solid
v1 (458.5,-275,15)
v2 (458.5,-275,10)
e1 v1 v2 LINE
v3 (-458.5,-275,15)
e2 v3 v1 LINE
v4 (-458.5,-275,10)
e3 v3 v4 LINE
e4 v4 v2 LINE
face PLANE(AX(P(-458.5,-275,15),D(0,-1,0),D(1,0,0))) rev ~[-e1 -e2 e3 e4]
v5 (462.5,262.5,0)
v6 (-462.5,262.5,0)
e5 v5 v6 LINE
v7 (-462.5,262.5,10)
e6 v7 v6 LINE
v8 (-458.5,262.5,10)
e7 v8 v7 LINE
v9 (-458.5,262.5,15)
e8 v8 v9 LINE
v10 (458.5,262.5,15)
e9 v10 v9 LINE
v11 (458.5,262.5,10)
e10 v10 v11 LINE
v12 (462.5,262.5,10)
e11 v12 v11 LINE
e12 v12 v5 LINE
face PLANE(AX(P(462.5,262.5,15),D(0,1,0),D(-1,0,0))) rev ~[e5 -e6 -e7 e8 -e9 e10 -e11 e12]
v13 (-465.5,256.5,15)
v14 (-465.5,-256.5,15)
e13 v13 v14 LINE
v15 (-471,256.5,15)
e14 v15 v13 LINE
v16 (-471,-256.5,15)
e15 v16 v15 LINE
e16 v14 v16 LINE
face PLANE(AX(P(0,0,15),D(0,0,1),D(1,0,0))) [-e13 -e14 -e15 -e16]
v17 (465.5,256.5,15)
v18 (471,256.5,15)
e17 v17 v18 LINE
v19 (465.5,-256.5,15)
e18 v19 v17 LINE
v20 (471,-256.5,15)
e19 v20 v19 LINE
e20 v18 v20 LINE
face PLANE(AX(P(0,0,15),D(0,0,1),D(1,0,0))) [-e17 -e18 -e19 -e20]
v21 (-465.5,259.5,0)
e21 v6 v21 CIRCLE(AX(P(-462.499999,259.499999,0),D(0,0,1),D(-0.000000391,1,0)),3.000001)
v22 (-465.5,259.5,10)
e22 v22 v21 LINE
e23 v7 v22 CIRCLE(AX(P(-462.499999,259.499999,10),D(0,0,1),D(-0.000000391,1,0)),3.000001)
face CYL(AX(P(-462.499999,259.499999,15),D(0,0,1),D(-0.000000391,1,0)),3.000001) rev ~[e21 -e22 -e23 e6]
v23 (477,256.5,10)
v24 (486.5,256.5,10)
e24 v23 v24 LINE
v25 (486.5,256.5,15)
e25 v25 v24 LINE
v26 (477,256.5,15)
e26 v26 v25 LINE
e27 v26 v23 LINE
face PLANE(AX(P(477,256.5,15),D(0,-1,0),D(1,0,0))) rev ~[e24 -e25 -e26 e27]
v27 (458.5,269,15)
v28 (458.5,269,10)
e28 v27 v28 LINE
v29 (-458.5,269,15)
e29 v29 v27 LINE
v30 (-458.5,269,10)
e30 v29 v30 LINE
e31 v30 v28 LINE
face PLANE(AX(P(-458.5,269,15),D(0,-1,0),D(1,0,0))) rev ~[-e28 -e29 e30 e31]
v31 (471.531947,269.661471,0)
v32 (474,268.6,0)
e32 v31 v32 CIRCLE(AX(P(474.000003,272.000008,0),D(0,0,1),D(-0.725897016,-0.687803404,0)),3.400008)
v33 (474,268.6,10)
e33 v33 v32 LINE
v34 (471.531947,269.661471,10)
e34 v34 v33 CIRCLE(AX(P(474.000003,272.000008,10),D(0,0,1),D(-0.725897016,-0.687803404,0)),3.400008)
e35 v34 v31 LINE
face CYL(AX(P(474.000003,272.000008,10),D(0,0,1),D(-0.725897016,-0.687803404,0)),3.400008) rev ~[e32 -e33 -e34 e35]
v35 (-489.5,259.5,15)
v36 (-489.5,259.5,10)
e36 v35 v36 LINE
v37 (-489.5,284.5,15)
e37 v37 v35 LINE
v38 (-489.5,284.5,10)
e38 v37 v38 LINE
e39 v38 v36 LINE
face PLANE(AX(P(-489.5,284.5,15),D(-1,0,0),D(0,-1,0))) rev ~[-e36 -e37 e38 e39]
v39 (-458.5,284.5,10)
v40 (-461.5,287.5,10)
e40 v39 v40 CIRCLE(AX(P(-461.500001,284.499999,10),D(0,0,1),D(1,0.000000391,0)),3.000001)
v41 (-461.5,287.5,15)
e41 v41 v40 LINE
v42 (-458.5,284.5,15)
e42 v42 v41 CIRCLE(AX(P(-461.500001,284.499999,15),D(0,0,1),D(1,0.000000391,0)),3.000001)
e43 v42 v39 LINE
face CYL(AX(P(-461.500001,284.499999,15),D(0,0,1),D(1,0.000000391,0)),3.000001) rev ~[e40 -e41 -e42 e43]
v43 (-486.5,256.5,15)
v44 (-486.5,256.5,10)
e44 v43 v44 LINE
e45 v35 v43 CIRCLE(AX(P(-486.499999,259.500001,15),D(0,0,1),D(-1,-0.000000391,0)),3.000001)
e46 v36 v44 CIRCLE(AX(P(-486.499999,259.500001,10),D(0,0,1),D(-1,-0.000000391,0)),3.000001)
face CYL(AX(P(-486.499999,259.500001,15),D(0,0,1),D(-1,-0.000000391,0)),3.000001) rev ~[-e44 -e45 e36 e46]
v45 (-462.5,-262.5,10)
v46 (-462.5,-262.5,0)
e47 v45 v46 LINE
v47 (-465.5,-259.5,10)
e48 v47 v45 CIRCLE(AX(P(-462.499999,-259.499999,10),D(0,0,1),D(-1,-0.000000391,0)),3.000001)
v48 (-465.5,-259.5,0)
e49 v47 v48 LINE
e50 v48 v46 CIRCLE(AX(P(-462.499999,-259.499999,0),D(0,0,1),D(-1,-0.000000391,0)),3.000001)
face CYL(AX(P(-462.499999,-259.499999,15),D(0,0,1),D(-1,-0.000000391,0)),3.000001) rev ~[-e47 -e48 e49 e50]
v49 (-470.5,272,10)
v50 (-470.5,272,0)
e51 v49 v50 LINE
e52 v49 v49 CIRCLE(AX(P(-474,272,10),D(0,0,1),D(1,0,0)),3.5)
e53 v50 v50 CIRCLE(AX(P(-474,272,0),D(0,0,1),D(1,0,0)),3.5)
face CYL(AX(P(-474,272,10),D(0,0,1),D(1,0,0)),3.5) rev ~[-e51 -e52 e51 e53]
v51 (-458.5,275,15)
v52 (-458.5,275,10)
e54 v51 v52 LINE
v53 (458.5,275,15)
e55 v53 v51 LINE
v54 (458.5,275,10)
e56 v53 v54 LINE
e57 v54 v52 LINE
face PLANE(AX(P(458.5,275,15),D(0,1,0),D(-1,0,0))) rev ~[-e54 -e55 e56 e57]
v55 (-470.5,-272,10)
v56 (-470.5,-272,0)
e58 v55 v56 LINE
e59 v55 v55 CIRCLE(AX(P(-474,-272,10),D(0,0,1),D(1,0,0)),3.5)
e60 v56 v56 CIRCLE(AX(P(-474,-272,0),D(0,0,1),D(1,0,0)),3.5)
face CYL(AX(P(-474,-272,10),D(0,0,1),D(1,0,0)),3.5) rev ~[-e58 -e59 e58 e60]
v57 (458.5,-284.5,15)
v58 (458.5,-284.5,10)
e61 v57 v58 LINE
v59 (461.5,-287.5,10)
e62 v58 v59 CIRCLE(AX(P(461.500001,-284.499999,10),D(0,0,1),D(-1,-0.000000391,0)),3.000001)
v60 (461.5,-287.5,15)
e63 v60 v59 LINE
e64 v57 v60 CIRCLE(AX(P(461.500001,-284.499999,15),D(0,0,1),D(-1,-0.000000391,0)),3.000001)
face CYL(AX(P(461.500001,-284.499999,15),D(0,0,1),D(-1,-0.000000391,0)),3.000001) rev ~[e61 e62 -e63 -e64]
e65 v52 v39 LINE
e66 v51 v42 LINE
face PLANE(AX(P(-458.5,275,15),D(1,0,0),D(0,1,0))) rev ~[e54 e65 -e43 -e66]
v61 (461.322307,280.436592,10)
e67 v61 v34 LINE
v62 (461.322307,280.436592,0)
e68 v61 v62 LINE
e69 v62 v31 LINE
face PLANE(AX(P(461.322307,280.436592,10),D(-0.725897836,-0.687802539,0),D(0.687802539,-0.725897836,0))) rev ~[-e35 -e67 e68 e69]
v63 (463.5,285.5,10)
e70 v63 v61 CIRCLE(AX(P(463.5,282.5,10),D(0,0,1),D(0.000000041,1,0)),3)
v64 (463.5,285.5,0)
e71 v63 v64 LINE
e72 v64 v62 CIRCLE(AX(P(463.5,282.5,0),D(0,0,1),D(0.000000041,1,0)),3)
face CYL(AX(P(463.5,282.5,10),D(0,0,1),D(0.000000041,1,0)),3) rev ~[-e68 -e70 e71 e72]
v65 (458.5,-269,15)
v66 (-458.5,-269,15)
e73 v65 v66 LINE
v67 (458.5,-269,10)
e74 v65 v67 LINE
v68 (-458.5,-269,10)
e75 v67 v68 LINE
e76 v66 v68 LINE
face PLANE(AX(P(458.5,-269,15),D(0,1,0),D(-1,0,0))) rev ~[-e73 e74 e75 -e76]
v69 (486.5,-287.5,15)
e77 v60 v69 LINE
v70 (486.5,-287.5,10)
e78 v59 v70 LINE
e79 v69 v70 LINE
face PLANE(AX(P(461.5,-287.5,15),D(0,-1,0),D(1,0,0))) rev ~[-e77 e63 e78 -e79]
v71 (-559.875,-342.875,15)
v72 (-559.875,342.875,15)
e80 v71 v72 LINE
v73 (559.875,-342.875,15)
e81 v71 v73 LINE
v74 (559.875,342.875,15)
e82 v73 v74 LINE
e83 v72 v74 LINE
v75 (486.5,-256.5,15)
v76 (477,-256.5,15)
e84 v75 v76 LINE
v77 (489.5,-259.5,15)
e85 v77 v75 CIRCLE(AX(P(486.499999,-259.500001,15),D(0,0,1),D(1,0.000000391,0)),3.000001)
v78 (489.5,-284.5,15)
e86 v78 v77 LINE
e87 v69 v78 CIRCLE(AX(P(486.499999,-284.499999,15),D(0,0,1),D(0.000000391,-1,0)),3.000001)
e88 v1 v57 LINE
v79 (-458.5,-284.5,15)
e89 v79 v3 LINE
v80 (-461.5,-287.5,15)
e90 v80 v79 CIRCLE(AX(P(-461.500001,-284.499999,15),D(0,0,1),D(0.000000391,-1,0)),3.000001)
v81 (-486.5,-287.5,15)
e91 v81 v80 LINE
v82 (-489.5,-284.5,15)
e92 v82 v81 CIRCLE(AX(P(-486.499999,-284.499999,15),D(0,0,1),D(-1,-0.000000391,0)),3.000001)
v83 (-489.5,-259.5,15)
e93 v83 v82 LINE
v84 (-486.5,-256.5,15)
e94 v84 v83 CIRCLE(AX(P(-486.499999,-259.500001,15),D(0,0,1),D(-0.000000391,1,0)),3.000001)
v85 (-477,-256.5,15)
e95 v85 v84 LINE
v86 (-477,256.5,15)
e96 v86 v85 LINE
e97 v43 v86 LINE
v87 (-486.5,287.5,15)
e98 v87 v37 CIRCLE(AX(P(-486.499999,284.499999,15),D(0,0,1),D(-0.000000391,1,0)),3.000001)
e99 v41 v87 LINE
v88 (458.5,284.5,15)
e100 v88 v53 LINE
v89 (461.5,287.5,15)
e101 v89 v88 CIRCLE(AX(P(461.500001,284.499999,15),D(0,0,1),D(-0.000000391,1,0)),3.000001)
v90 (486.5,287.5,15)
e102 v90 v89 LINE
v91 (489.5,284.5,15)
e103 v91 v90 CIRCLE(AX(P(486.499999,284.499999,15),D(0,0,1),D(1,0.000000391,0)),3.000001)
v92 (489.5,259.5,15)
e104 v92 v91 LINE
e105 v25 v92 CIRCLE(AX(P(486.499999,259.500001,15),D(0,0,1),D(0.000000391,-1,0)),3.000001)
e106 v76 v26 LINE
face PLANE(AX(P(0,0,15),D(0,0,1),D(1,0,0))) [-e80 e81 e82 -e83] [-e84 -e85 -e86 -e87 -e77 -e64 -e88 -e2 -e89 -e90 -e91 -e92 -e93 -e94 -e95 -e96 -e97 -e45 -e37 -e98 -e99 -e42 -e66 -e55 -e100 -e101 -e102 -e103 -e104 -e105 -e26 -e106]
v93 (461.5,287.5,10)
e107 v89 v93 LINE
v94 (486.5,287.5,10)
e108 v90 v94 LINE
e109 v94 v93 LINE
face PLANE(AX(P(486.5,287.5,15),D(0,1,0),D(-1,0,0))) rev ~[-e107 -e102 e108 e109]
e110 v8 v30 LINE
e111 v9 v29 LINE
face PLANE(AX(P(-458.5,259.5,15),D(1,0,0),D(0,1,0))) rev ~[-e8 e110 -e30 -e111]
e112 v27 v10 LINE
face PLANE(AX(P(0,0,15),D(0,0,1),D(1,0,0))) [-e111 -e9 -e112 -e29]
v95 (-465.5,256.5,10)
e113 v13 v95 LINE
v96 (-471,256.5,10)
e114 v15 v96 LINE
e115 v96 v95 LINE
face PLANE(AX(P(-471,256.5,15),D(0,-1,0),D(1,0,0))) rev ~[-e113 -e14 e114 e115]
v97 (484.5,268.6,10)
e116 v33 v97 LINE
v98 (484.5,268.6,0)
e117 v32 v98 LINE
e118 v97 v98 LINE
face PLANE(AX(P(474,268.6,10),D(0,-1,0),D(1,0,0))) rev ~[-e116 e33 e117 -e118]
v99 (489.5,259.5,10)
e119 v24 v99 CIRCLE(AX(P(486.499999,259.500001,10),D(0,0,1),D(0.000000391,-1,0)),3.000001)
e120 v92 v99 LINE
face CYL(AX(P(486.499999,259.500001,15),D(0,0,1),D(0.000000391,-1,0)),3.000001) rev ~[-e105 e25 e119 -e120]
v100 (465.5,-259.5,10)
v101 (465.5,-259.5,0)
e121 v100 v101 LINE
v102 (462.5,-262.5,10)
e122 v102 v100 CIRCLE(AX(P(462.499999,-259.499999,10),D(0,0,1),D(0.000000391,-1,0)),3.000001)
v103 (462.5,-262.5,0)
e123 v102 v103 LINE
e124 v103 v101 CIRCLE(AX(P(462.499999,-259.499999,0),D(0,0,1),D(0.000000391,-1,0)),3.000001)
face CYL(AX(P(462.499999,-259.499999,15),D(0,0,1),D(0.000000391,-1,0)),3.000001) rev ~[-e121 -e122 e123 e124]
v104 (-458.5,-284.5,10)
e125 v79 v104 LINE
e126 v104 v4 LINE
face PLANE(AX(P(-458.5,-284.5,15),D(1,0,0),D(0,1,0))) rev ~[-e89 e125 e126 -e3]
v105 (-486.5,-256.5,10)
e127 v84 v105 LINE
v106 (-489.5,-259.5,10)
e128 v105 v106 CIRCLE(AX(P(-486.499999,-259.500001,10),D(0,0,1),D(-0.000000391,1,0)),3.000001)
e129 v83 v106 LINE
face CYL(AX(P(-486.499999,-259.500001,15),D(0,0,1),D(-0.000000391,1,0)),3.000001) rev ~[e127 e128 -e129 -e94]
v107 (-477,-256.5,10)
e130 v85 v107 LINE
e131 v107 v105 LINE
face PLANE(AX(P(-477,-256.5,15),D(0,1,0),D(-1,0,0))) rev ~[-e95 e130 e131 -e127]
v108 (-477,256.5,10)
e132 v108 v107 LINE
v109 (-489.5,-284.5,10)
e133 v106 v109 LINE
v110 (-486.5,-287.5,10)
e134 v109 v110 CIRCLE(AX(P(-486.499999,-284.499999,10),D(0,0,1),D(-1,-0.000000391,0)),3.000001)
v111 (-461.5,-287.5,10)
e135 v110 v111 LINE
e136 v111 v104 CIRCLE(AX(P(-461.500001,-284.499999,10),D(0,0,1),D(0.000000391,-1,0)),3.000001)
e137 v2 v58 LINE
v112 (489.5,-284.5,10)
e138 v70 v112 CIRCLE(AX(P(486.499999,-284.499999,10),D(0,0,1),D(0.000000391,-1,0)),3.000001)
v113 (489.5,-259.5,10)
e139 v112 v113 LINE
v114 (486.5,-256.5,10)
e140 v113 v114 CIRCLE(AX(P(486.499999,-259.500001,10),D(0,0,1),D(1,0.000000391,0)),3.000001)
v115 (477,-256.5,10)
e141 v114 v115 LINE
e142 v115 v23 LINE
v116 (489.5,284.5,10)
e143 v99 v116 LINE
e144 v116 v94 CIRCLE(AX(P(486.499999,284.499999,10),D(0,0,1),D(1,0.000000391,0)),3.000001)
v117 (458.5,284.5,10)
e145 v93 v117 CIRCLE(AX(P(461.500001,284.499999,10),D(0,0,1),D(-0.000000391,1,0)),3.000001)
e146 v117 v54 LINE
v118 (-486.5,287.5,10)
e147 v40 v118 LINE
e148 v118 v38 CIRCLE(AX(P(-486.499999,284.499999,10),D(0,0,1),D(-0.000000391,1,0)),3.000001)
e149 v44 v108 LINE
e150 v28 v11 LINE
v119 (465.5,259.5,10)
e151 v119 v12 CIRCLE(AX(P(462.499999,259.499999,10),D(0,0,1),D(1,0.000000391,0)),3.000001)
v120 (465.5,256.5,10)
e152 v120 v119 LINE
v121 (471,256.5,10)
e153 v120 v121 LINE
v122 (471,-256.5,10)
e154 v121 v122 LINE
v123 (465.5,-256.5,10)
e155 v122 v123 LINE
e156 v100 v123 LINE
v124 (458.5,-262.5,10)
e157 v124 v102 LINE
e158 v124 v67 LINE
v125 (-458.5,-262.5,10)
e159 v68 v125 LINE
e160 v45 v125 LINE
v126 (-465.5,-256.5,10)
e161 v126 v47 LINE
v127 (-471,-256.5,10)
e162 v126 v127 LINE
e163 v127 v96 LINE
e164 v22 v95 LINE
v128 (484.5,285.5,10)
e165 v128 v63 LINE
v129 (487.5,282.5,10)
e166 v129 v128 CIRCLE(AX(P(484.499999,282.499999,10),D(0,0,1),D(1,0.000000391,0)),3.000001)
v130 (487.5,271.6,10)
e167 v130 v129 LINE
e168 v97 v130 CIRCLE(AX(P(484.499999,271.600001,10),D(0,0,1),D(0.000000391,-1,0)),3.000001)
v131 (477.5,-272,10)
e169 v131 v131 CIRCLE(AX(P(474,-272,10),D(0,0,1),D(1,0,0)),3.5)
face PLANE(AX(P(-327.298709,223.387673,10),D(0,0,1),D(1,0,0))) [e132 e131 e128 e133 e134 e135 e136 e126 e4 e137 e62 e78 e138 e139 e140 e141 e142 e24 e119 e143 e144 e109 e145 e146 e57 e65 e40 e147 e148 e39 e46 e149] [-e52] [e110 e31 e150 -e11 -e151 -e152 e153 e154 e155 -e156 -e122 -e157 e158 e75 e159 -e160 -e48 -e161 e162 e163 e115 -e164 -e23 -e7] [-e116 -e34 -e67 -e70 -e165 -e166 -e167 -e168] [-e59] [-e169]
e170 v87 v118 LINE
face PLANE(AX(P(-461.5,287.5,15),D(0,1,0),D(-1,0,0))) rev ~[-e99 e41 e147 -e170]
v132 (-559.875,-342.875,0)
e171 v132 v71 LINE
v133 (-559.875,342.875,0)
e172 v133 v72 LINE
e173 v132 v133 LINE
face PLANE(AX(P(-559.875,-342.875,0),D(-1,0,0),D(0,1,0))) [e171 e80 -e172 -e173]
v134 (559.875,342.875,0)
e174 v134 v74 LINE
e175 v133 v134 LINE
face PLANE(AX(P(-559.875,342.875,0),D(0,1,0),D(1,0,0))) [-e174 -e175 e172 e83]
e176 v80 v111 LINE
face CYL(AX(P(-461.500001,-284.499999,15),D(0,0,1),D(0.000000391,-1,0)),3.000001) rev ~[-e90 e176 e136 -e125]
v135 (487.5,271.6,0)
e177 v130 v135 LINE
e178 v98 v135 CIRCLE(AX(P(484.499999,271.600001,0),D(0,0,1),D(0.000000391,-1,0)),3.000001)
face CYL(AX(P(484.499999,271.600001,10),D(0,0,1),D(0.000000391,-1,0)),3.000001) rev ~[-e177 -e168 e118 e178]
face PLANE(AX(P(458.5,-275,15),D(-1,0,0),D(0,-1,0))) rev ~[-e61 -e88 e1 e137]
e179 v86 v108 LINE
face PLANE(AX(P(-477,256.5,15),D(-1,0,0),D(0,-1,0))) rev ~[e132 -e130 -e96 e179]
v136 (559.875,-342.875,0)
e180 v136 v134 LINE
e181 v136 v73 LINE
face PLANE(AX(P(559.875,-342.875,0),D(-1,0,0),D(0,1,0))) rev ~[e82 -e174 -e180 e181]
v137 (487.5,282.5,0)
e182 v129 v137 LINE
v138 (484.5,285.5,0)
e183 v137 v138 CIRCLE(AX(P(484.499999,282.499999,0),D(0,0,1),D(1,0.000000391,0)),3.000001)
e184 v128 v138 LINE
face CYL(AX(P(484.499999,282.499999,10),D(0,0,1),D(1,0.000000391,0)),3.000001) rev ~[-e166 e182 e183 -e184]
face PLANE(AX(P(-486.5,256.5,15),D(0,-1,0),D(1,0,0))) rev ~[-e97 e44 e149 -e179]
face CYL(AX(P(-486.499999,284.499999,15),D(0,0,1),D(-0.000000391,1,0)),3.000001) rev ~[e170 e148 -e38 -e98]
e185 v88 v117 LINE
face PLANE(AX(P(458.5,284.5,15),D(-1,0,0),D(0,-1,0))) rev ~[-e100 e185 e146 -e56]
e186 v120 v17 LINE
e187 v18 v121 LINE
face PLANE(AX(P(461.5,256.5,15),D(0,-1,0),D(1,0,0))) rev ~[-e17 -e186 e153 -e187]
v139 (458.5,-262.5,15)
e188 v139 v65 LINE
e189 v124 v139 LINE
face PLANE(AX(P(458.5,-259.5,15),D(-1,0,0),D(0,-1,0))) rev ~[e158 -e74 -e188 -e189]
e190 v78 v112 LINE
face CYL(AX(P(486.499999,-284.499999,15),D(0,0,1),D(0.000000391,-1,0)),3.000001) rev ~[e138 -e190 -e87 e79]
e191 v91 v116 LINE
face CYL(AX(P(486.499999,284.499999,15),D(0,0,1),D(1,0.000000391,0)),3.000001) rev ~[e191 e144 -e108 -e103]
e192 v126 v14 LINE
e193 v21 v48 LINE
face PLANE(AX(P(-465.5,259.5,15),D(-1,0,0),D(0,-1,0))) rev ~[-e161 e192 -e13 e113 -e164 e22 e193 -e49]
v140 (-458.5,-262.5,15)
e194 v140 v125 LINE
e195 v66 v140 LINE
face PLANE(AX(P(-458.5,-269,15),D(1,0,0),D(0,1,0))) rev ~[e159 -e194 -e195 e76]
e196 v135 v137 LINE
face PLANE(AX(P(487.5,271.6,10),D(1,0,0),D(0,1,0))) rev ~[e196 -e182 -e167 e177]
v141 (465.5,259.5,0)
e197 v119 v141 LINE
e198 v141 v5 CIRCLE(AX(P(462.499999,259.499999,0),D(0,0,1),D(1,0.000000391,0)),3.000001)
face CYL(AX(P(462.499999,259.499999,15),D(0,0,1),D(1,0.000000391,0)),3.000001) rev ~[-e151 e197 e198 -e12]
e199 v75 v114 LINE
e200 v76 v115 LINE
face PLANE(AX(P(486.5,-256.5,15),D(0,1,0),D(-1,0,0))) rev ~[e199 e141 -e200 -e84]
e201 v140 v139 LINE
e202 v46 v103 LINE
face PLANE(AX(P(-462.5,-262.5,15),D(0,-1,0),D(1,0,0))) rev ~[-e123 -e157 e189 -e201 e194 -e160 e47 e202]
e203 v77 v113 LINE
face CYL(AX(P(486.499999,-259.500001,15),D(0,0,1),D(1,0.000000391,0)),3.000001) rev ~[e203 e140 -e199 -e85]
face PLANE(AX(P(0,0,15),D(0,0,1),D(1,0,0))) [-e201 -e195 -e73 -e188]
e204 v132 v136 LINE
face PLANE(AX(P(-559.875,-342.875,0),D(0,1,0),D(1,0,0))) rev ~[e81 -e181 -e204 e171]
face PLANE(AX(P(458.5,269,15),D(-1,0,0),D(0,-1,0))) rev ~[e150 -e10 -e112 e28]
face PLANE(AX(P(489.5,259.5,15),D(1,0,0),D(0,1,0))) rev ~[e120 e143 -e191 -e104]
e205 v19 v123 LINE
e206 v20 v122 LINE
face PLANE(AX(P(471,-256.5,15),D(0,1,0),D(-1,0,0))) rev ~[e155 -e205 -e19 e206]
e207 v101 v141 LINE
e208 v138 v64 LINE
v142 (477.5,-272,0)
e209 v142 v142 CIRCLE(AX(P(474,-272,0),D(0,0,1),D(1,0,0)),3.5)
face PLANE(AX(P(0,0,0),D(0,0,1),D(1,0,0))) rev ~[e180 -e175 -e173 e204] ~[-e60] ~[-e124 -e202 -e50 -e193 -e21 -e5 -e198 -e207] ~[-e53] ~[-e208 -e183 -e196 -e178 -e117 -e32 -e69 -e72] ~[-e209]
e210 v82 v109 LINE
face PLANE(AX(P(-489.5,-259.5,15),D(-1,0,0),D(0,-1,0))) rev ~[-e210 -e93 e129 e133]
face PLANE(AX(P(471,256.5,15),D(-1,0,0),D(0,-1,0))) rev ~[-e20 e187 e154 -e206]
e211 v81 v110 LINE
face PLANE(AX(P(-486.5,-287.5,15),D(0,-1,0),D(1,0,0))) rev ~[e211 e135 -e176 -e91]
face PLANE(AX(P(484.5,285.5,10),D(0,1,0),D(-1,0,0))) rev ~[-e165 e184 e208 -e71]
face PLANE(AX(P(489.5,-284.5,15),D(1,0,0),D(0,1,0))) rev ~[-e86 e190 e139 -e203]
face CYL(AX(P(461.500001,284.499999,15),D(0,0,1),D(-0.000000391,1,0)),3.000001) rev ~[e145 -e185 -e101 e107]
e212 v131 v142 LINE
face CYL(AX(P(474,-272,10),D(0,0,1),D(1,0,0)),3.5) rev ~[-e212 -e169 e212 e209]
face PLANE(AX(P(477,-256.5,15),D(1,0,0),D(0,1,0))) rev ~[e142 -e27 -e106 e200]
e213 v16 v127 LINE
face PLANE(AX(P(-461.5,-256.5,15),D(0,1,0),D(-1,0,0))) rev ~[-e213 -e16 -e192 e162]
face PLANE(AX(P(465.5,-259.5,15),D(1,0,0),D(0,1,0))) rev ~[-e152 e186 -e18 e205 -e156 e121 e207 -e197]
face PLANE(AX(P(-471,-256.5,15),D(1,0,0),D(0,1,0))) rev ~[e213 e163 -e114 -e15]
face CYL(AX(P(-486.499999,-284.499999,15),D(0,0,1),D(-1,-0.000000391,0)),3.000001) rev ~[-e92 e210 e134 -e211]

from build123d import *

# Parameters (mm, degrees)
F0_W     = 1119.75
F0_H     = 685.75
F1_DEPTH = 15
F3_DEPTH = 5
F4_R     = 3.5
F5_DEPTH = 10
F7_DEPTH = 15


with BuildPart() as f1:
    # F0 (on Top) → F1 (new body)
    with BuildSketch(Plane.XY):
        Rectangle(F0_W, F0_H)
    extrude(amount=F1_DEPTH)

    # F2 (on face) → F3 (cut)
    with BuildSketch(Plane.XY.offset(15)):
        with BuildLine():
            Line((0, 269), (0, 275))
            Line((0, 275), (-458.5, 275))
            Line((-458.5, 275), (-458.5, 284.5))
            ThreePointArc((-458.5, 284.5), (-459.37868, 286.62132), (-461.5, 287.5))
            Line((-461.5, 287.5), (-486.5, 287.5))
            ThreePointArc((-486.5, 287.5), (-488.62132, 286.62132), (-489.5, 284.5))
            Line((-489.5, 284.5), (-489.5, 259.5))
            ThreePointArc((-489.5, 259.5), (-488.62132, 257.37868), (-486.5, 256.5))
            Line((-486.5, 256.5), (-477, 256.5))
            Line((-477, 256.5), (-477, 0))
            Line((-477, 0), (-471, 0))
            Line((-471, 0), (-471, 256.5))
            Line((-471, 256.5), (-461.5, 256.5))
            ThreePointArc((-461.5, 256.5), (-459.37868, 257.37868), (-458.5, 259.5))
            Line((-458.5, 259.5), (-458.5, 269))
            Line((-458.5, 269), (0, 269))
        make_face()
        with BuildLine():
            Line((458.5, 275), (0, 275))
            Line((0, 275), (0, 269))
            Line((0, 269), (458.5, 269))
            Line((458.5, 269), (458.5, 259.5))
            ThreePointArc((458.5, 259.5), (459.37868, 257.37868), (461.5, 256.5))
            Line((461.5, 256.5), (471, 256.5))
            Line((471, 256.5), (471, 0))
            Line((471, 0), (471, -256.5))
            Line((471, -256.5), (461.5, -256.5))
            ThreePointArc((461.5, -256.5), (459.37868, -257.37868), (458.5, -259.5))
            Line((458.5, -259.5), (458.5, -269))
            Line((458.5, -269), (0, -269))
            Line((0, -269), (-458.5, -269))
            Line((-458.5, -269), (-458.5, -259.5))
            ThreePointArc((-458.5, -259.5), (-459.37868, -257.37868), (-461.5, -256.5))
            Line((-461.5, -256.5), (-471, -256.5))
            Line((-471, -256.5), (-471, 0))
            Line((-471, 0), (-477, 0))
            Line((-477, 0), (-477, -256.5))
            Line((-477, -256.5), (-486.5, -256.5))
            ThreePointArc((-486.5, -256.5), (-488.62132, -257.37868), (-489.5, -259.5))
            Line((-489.5, -259.5), (-489.5, -284.5))
            ThreePointArc((-489.5, -284.5), (-488.62132, -286.62132), (-486.5, -287.5))
            Line((-486.5, -287.5), (-461.5, -287.5))
            ThreePointArc((-461.5, -287.5), (-459.37868, -286.62132), (-458.5, -284.5))
            Line((-458.5, -284.5), (-458.5, -275))
            Line((-458.5, -275), (0, -275))
            Line((0, -275), (458.5, -275))
            Line((458.5, -275), (458.5, -284.5))
            ThreePointArc((458.5, -284.5), (459.37868, -286.62132), (461.5, -287.5))
            Line((461.5, -287.5), (486.5, -287.5))
            ThreePointArc((486.5, -287.5), (488.62132, -286.62132), (489.5, -284.5))
            Line((489.5, -284.5), (489.5, -259.5))
            ThreePointArc((489.5, -259.5), (488.62132, -257.37868), (486.5, -256.5))
            Line((486.5, -256.5), (477, -256.5))
            Line((477, -256.5), (477, 0))
            Line((477, 0), (477, 256.5))
            Line((477, 256.5), (486.5, 256.5))
            ThreePointArc((486.5, 256.5), (488.62132, 257.37868), (489.5, 259.5))
            Line((489.5, 259.5), (489.5, 284.5))
            ThreePointArc((489.5, 284.5), (488.62132, 286.62132), (486.5, 287.5))
            Line((486.5, 287.5), (461.5, 287.5))
            ThreePointArc((461.5, 287.5), (459.37868, 286.62132), (458.5, 284.5))
            Line((458.5, 284.5), (458.5, 275))
        make_face()
    extrude(amount=-F3_DEPTH, mode=Mode.SUBTRACT)

    # F4 (on face) → F5 (cut, through all)
    with BuildSketch(Plane.XY.offset(10)):
        with Locations((-474, 272)):
            Circle(F4_R)
        with Locations((474, -272)):
            Circle(F4_R)
        with Locations((-474, -272)):
            Circle(F4_R)
        with BuildLine():
            Line((484.5, 285.5), (463.5, 285.5))
            ThreePointArc((463.5, 285.5), (460.744077, 283.68528), (461.322307, 280.436592))
            Line((461.322307, 280.436592), (471.531947, 269.661471))
            ThreePointArc((471.531947, 269.661471), (472.656683, 268.876621), (474, 268.6))
            Line((474, 268.6), (484.5, 268.6))
            ThreePointArc((484.5, 268.6), (486.62132, 269.47868), (487.5, 271.6))
            Line((487.5, 271.6), (487.5, 282.5))
            ThreePointArc((487.5, 282.5), (486.62132, 284.62132), (484.5, 285.5))
        make_face()
    extrude(amount=-F5_DEPTH, mode=Mode.SUBTRACT)

    # F6 (on face) → F7 (cut, through all)
    with BuildSketch(Plane.XY.offset(15)):
        with BuildLine():
            Line((462.5, 262.5), (-462.5, 262.5))
            ThreePointArc((-462.5, 262.5), (-464.62132, 261.62132), (-465.5, 259.5))
            Line((-465.5, 259.5), (-465.5, -259.5))
            ThreePointArc((-465.5, -259.5), (-464.62132, -261.62132), (-462.5, -262.5))
            Line((-462.5, -262.5), (462.5, -262.5))
            ThreePointArc((462.5, -262.5), (464.62132, -261.62132), (465.5, -259.5))
            Line((465.5, -259.5), (465.5, 259.5))
            ThreePointArc((465.5, 259.5), (464.62132, 261.62132), (462.5, 262.5))
        make_face()
    extrude(amount=-F7_DEPTH, mode=Mode.SUBTRACT)


solid = f1.part
